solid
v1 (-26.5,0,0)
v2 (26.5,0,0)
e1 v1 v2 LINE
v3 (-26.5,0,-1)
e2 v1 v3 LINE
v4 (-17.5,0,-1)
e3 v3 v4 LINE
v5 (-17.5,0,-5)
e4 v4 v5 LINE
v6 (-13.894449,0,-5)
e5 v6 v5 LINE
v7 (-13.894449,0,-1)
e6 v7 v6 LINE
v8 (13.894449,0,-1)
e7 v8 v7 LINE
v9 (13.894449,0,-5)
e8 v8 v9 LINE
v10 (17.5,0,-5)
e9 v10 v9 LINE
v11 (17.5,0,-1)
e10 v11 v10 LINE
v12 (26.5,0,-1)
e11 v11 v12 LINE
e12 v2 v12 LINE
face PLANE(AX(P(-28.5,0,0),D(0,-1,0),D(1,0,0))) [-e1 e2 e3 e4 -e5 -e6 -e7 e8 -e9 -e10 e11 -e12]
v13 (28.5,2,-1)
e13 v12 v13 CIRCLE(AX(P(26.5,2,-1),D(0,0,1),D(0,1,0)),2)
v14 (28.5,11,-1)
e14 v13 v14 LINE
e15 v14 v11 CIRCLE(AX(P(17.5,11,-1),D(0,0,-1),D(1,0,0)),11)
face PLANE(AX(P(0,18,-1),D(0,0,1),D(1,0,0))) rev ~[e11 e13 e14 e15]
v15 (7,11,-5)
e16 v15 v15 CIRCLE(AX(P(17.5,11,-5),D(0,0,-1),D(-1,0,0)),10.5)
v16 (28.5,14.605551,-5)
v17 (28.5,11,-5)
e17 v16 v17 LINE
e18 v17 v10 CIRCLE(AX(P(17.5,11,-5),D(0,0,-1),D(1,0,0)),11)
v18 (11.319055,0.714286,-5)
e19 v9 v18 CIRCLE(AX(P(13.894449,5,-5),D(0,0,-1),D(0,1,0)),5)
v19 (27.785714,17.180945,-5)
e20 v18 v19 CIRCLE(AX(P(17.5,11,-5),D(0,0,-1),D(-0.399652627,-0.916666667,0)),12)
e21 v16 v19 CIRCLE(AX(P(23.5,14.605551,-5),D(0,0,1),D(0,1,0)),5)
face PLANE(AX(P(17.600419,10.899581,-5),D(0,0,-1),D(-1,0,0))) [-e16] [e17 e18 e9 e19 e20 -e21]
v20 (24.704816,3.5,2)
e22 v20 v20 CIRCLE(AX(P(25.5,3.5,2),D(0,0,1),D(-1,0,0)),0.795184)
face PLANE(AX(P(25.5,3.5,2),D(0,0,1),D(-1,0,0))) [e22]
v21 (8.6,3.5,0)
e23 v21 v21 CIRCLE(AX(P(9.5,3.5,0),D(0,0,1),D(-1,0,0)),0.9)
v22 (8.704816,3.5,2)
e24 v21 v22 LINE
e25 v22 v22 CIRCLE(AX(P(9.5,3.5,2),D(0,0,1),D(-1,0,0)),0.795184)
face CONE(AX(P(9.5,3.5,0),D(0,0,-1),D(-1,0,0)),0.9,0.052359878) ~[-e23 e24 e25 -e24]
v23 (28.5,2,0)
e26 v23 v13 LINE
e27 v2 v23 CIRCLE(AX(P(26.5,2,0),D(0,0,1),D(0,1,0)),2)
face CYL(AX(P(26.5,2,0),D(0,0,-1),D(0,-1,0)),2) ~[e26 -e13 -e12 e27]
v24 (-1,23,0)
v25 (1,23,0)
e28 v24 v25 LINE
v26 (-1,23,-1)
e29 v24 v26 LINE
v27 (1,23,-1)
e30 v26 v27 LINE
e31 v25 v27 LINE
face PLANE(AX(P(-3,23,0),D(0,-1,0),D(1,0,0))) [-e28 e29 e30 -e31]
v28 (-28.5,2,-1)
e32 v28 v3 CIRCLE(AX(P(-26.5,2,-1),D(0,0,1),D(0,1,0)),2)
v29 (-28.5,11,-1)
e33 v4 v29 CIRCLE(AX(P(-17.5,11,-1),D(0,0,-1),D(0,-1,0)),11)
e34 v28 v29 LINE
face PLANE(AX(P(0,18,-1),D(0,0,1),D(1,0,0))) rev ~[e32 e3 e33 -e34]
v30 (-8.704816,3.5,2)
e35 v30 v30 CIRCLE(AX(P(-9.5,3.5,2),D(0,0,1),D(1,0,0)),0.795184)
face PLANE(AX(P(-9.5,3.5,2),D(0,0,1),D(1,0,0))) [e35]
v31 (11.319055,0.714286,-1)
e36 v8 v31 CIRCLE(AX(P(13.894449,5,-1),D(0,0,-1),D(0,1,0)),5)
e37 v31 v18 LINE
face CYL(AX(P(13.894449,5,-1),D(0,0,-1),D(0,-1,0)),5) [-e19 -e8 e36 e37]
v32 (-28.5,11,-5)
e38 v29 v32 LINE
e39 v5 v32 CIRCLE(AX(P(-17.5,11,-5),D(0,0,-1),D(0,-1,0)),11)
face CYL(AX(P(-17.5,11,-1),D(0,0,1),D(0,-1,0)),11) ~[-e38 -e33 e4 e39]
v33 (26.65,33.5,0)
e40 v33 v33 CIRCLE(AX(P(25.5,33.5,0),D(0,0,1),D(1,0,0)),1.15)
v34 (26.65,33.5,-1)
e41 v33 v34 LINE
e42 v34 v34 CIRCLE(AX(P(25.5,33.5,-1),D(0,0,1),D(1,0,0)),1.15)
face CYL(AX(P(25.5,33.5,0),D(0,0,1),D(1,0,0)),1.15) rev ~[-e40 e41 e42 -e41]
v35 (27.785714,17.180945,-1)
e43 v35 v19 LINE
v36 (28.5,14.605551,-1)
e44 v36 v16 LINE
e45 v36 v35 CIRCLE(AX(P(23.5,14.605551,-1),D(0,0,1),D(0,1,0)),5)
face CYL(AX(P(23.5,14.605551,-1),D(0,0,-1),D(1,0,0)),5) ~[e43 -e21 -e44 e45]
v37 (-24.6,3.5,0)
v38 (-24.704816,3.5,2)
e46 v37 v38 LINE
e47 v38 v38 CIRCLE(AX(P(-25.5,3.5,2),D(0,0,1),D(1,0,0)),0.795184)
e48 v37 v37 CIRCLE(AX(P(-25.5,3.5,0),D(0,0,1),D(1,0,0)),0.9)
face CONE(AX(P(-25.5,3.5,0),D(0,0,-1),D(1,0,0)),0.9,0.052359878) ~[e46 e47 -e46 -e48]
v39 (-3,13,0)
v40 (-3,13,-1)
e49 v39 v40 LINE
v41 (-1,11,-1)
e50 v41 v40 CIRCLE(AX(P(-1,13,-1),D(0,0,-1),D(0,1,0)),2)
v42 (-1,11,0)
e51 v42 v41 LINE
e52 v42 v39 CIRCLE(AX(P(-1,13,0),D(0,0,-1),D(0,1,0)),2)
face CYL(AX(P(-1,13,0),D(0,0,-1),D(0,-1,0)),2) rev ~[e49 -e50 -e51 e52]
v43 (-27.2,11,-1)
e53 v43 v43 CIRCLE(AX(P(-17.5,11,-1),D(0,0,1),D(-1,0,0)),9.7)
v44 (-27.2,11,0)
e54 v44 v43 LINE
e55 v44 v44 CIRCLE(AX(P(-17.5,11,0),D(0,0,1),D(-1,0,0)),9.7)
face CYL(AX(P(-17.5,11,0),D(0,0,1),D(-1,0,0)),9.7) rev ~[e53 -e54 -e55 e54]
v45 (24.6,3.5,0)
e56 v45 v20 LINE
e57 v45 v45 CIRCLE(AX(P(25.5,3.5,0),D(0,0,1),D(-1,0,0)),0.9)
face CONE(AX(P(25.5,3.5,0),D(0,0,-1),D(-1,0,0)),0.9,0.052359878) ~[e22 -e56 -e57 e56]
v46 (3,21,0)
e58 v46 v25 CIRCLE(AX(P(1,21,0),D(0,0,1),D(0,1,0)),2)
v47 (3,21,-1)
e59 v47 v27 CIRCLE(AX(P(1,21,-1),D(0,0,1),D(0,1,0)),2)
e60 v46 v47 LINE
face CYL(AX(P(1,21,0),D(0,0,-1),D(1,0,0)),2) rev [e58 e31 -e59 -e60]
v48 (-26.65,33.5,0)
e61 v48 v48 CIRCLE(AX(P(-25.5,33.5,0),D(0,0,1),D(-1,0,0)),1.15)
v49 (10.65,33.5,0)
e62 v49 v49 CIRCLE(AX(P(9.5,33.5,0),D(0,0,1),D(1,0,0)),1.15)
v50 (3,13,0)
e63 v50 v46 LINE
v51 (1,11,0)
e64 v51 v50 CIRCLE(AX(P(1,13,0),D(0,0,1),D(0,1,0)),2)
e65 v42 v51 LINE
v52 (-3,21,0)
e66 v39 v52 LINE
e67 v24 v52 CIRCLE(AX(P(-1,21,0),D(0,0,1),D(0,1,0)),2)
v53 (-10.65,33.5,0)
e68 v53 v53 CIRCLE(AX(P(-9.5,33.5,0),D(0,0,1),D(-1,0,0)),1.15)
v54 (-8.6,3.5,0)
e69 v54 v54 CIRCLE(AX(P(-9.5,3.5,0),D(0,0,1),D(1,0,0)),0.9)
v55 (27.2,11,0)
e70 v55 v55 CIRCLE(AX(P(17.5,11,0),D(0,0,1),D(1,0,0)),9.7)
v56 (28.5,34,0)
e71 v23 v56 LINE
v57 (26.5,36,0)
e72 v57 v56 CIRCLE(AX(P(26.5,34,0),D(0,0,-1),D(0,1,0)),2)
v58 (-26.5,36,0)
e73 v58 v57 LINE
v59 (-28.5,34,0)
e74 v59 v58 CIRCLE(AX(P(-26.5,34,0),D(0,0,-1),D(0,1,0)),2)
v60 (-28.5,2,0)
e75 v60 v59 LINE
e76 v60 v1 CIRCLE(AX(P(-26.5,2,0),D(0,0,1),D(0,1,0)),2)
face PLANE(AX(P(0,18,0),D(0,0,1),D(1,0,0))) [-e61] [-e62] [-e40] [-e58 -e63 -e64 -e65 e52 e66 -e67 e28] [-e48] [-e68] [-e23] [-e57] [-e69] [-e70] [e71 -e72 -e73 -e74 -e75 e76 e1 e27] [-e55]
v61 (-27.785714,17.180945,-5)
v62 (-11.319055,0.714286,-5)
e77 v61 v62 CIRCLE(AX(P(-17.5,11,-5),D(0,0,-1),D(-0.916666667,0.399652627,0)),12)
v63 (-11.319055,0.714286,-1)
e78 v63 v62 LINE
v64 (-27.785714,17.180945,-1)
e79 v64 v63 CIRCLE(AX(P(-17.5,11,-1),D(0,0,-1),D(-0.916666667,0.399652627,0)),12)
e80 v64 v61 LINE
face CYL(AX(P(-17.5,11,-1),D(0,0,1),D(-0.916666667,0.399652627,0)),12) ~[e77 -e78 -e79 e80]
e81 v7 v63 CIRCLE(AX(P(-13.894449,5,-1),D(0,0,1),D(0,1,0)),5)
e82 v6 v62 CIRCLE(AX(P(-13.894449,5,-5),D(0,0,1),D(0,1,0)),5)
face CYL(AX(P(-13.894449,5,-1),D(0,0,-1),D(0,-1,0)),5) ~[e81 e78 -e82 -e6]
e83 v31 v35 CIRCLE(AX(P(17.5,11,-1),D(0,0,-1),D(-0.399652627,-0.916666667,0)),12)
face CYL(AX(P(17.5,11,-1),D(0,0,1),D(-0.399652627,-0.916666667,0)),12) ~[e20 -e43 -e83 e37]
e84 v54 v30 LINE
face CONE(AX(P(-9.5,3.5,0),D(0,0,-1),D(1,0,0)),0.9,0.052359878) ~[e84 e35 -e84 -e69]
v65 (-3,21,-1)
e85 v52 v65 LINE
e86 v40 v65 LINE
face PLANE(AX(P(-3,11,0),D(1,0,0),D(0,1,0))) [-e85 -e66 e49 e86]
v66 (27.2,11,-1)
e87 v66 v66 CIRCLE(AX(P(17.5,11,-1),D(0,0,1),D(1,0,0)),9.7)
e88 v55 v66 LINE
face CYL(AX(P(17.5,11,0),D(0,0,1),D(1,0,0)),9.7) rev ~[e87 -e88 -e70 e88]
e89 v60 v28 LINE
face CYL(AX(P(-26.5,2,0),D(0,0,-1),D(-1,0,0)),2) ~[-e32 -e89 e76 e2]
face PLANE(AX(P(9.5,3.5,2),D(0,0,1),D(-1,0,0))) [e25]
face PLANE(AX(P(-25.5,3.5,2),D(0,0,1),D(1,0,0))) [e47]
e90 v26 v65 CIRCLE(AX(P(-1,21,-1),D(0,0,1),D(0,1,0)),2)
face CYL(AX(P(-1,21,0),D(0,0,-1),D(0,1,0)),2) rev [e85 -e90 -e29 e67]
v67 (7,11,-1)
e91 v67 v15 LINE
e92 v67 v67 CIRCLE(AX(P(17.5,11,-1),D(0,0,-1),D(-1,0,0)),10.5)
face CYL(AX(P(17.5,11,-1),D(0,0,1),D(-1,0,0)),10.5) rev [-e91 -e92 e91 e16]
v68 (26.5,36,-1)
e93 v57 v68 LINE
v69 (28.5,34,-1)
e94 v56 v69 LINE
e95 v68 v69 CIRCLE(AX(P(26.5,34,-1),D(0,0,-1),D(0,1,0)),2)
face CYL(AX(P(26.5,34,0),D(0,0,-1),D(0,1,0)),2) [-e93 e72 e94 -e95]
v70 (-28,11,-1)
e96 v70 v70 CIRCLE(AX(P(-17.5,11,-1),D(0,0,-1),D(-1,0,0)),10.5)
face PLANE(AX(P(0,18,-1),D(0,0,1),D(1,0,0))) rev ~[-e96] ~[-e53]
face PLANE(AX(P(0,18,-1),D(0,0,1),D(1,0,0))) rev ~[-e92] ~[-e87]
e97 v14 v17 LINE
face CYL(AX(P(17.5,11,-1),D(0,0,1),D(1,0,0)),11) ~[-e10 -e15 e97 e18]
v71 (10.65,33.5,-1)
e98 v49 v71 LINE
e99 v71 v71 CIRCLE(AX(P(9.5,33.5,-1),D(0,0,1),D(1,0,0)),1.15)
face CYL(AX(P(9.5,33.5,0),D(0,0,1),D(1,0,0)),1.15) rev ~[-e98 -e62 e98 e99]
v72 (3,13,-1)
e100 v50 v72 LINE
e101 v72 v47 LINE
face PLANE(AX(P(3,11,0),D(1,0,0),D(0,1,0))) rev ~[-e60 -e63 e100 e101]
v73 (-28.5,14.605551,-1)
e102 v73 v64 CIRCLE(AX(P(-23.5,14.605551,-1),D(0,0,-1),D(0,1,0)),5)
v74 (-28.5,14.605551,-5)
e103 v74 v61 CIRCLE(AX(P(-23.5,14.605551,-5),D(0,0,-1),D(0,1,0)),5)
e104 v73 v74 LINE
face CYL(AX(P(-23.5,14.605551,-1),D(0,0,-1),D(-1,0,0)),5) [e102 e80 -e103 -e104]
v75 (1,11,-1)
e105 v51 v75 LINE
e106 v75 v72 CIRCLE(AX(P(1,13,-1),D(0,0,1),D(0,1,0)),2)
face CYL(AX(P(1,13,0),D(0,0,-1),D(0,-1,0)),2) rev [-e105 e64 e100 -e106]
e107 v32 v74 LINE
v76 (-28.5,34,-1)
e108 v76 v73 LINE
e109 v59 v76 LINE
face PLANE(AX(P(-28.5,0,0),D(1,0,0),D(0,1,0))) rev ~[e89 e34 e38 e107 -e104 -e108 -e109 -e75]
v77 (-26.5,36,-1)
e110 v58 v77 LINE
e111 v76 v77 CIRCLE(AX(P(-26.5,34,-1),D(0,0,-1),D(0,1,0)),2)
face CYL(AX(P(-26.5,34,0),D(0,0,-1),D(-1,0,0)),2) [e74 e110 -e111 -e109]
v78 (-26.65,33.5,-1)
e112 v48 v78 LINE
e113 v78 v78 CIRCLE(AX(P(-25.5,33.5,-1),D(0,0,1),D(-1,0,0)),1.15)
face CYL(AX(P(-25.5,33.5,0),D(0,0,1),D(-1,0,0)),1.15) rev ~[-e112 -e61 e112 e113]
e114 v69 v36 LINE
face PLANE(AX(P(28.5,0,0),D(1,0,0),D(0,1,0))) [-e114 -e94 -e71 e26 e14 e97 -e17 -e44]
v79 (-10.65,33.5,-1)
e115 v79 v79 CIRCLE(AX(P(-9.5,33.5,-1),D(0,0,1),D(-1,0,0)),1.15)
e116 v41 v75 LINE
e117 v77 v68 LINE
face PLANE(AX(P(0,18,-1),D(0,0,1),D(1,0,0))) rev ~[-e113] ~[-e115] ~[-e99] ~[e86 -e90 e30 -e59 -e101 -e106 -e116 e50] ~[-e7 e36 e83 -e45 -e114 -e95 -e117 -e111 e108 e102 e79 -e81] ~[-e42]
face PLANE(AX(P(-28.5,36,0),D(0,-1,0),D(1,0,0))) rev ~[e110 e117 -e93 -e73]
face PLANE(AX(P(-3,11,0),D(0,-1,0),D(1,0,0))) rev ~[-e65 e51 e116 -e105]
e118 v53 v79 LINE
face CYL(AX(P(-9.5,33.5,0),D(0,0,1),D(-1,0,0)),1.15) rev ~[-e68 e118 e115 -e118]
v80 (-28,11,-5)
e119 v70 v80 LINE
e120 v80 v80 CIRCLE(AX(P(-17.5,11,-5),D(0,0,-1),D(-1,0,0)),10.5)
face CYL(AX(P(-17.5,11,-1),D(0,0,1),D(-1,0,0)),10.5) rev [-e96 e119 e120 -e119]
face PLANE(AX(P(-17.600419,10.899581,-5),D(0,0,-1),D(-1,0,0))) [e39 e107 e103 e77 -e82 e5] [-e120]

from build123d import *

# Parameters (mm, degrees)
SKETCH_1_W                = 57
SKETCH_1_H                = 36
SKETCH_1_R                = 9.7
SKETCH_1_R_2              = 1.15
SKETCH_1_W_2              = 6
SKETCH_1_H_2              = 12
EXTRUDE_1_DEPTH           = 1
FILLET_1_R                = 2
FILLET_2_R                = 2
SKETCH_2_R                = 0.9
EXTRUDE_2_DEPTH           = 2
EXTRUDE_2_DRAFT           = 3
EXTRUDE_2_PROFILE_2_DEPTH = 2
EXTRUDE_2_PROFILE_2_DRAFT = 3
MIRROR_1_COPY_1_SKETCH_R  = 0.9
MIRROR_1_COPY_1_DEPTH     = 2
MIRROR_1_COPY_1_DRAFT     = 3
MIRROR_1_COPY_2_SKETCH_R  = 0.9
MIRROR_1_COPY_2_DEPTH     = 2
MIRROR_1_COPY_2_DRAFT     = 3
MIRROR_1_COPY_3_SKETCH_R  = 0.9
MIRROR_1_COPY_3_DEPTH     = 2
MIRROR_1_COPY_3_DRAFT     = 3
SKETCH_3_R                = 10.5
EXTRUDE_3_DEPTH           = 4
FILLET_3_R                = 5


with BuildPart() as part:
    # 草图1 → 凸台-拉伸1 (new body)
    with BuildSketch(Plane.XY):
        with Locations((0, 18)):
            Rectangle(SKETCH_1_W, SKETCH_1_H)
        with Locations((17.5, 11)):
            Circle(SKETCH_1_R, mode=Mode.SUBTRACT)
        with Locations(Location((-17.5, 11, 0), (0, 0, 180))):
            Circle(SKETCH_1_R, mode=Mode.SUBTRACT)
        with Locations((25.5, 33.5)):
            Circle(SKETCH_1_R_2, mode=Mode.SUBTRACT)
        with Locations((9.5, 33.5)):
            Circle(SKETCH_1_R_2, mode=Mode.SUBTRACT)
        with Locations(Location((-9.5, 33.5, 0), (0, 0, 180))):
            Circle(SKETCH_1_R_2, mode=Mode.SUBTRACT)
        with Locations(Location((-25.5, 33.5, 0), (0, 0, 180))):
            Circle(SKETCH_1_R_2, mode=Mode.SUBTRACT)
        with Locations((0, 17)):
            Rectangle(SKETCH_1_W_2, SKETCH_1_H_2, mode=Mode.SUBTRACT)
    extrude(amount=-EXTRUDE_1_DEPTH)

    # 圆角1
    fillet_1_edges = [part.edges().sort_by_distance(p)[0] for p in [
        (28.5, 0, -0.5),
        (-28.5, 0, -0.5),
        (-28.5, 36, -0.5),
        (28.5, 36, -0.5),
    ]]
    fillet(fillet_1_edges, radius=FILLET_1_R)

    # 圆角2
    fillet_2_edges = [part.edges().sort_by_distance(p)[0] for p in [
        (-3, 11, -0.5),
        (-3, 23, -0.5),
        (3, 23, -0.5),
        (3, 11, -0.5),
    ]]
    fillet(fillet_2_edges, radius=FILLET_2_R)


with BuildPart() as extrude_2_tool:
    # 草图2 → 凸台-拉伸2 (with draft: the straight prism first)
    with BuildSketch(Plane.XY):
        with Locations((-25.5, 3.5)):
            Circle(SKETCH_2_R)
    extrude(amount=EXTRUDE_2_DEPTH)
    # 凸台-拉伸2: the draft: its side faces are tilted about the plane it starts from
    extrude_2_sides = [extrude_2_tool.faces().sort_by_distance(p)[0] for p in [
        (-26.4, 3.5, 1),
    ]]
    draft(extrude_2_sides, Plane.XY, EXTRUDE_2_DRAFT)


with BuildPart() as part_1:
    add(part.part)

    # 凸台-拉伸2: add extrude_2_tool
    add(extrude_2_tool.part)


with BuildPart() as extrude_2_profile_2_tool:
    # 草图2 → 凸台-拉伸2 profile 2 (with draft: the straight prism first)
    with BuildSketch(Plane.XY):
        with Locations((-9.5, 3.5)):
            Circle(SKETCH_2_R)
    extrude(amount=EXTRUDE_2_PROFILE_2_DEPTH)
    # 凸台-拉伸2 profile 2: the draft: its side faces are tilted about the plane it starts from
    extrude_2_profile_2_sides = [extrude_2_profile_2_tool.faces().sort_by_distance(p)[0] for p in [
        (-10.4, 3.5, 1),
    ]]
    draft(extrude_2_profile_2_sides, Plane.XY, EXTRUDE_2_PROFILE_2_DRAFT)


with BuildPart() as part_2:
    add(part_1.part)

    # 凸台-拉伸2 profile 2: add extrude_2_profile_2_tool
    add(extrude_2_profile_2_tool.part)


with BuildPart() as mirror_1_copy_1_tool:
    # 镜向1 copy 1 sketch → 镜向1 copy 1 (with draft: the straight prism first)
    with BuildSketch(Plane(origin=(0, 0, 0), x_dir=(-1, 0, 0), z_dir=(0, 0, 1))):
        with Locations((-25.5, -3.5)):
            Circle(MIRROR_1_COPY_1_SKETCH_R)
    extrude(amount=MIRROR_1_COPY_1_DEPTH)
    # 镜向1 copy 1: the draft: its side faces are tilted about the plane it starts from
    mirror_1_copy_1_sides = [mirror_1_copy_1_tool.faces().sort_by_distance(p)[0] for p in [
        (26.4, 3.5, 1),
    ]]
    draft(mirror_1_copy_1_sides, Plane(origin=(0, 0, 0), x_dir=(-1, 0, 0), z_dir=(0, 0, 1)), MIRROR_1_COPY_1_DRAFT)


with BuildPart() as part_3:
    add(part_2.part)

    # 镜向1 copy 1: add mirror_1_copy_1_tool
    add(mirror_1_copy_1_tool.part)


with BuildPart() as mirror_1_copy_2_tool:
    # 镜向1 copy 2 sketch → 镜向1 copy 2 (with draft: the straight prism first)
    with BuildSketch(Plane(origin=(0, 0, 0), x_dir=(-1, 0, 0), z_dir=(0, 0, 1))):
        with Locations((-9.5, -3.5)):
            Circle(MIRROR_1_COPY_2_SKETCH_R)
    extrude(amount=MIRROR_1_COPY_2_DEPTH)
    # 镜向1 copy 2: the draft: its side faces are tilted about the plane it starts from
    mirror_1_copy_2_sides = [mirror_1_copy_2_tool.faces().sort_by_distance(p)[0] for p in [
        (10.4, 3.5, 1),
    ]]
    draft(mirror_1_copy_2_sides, Plane(origin=(0, 0, 0), x_dir=(-1, 0, 0), z_dir=(0, 0, 1)), MIRROR_1_COPY_2_DRAFT)


with BuildPart() as part_4:
    add(part_3.part)

    # 镜向1 copy 2: add mirror_1_copy_2_tool
    add(mirror_1_copy_2_tool.part)


with BuildPart() as mirror_1_copy_3_tool:
    # 镜向1 copy 3 sketch → 镜向1 copy 3 (with draft: the straight prism first)
    with BuildSketch(Plane(origin=(0, 0, 0), x_dir=(-1, 0, 0), z_dir=(0, 0, 1))):
        with Locations((-9.5, -3.5)):
            Circle(MIRROR_1_COPY_3_SKETCH_R)
    extrude(amount=MIRROR_1_COPY_3_DEPTH)
    # 镜向1 copy 3: the draft: its side faces are tilted about the plane it starts from
    mirror_1_copy_3_sides = [mirror_1_copy_3_tool.faces().sort_by_distance(p)[0] for p in [
        (10.4, 3.5, 1),
    ]]
    draft(mirror_1_copy_3_sides, Plane(origin=(0, 0, 0), x_dir=(-1, 0, 0), z_dir=(0, 0, 1)), MIRROR_1_COPY_3_DRAFT)


with BuildPart() as part_5:
    add(part_4.part)

    # 镜向1 copy 3: add mirror_1_copy_3_tool
    add(mirror_1_copy_3_tool.part)

    # 草图3 → 凸台-拉伸3 (add)
    # profile 1 of 2: a face of its own
    with BuildSketch(Plane(origin=(0, 0, -1), x_dir=(-1, 0, 0), z_dir=(0, 0, -1))):
        with BuildLine():
            ThreePointArc((-12.704168477, 0), (-9.014718626, 19.485281374), (-28.5, 15.795831523))
            Line((-28.5, 15.795831523), (-28.5, 11))
            ThreePointArc((-28.5, 11), (-25.278174593, 3.221825407), (-17.5, 0))
            Line((-17.5, 0), (-12.704168477, 0))
        make_face()
        with Locations((-17.5, 11)):
            Circle(SKETCH_3_R, mode=Mode.SUBTRACT)
    # profile 2 of 2: a face of its own
    with BuildSketch(Plane(origin=(0, 0, -1), x_dir=(-1, 0, 0), z_dir=(0, 0, -1))):
        with BuildLine():
            ThreePointArc((28.5, 15.795831523), (9.014718626, 19.485281374), (12.704168477, 0))
            Line((12.704168477, 0), (17.5, 0))
            ThreePointArc((17.5, 0), (25.278174593, 3.221825407), (28.5, 11))
            Line((28.5, 11), (28.5, 15.795831523))
        make_face()
        with Locations((17.5, 11)):
            Circle(SKETCH_3_R, mode=Mode.SUBTRACT)
    extrude(amount=EXTRUDE_3_DEPTH)

    # 圆角3
    fillet_3_edges = [part_5.edges().sort_by_distance(p)[0] for p in [
        (28.5, 15.795831523, -3),
        (12.704168477, 0, -3),
        (-12.704168477, 0, -3),
        (-28.5, 15.795831523, -3),
    ]]
    fillet(fillet_3_edges, radius=FILLET_3_R)


solid = part_5.part
